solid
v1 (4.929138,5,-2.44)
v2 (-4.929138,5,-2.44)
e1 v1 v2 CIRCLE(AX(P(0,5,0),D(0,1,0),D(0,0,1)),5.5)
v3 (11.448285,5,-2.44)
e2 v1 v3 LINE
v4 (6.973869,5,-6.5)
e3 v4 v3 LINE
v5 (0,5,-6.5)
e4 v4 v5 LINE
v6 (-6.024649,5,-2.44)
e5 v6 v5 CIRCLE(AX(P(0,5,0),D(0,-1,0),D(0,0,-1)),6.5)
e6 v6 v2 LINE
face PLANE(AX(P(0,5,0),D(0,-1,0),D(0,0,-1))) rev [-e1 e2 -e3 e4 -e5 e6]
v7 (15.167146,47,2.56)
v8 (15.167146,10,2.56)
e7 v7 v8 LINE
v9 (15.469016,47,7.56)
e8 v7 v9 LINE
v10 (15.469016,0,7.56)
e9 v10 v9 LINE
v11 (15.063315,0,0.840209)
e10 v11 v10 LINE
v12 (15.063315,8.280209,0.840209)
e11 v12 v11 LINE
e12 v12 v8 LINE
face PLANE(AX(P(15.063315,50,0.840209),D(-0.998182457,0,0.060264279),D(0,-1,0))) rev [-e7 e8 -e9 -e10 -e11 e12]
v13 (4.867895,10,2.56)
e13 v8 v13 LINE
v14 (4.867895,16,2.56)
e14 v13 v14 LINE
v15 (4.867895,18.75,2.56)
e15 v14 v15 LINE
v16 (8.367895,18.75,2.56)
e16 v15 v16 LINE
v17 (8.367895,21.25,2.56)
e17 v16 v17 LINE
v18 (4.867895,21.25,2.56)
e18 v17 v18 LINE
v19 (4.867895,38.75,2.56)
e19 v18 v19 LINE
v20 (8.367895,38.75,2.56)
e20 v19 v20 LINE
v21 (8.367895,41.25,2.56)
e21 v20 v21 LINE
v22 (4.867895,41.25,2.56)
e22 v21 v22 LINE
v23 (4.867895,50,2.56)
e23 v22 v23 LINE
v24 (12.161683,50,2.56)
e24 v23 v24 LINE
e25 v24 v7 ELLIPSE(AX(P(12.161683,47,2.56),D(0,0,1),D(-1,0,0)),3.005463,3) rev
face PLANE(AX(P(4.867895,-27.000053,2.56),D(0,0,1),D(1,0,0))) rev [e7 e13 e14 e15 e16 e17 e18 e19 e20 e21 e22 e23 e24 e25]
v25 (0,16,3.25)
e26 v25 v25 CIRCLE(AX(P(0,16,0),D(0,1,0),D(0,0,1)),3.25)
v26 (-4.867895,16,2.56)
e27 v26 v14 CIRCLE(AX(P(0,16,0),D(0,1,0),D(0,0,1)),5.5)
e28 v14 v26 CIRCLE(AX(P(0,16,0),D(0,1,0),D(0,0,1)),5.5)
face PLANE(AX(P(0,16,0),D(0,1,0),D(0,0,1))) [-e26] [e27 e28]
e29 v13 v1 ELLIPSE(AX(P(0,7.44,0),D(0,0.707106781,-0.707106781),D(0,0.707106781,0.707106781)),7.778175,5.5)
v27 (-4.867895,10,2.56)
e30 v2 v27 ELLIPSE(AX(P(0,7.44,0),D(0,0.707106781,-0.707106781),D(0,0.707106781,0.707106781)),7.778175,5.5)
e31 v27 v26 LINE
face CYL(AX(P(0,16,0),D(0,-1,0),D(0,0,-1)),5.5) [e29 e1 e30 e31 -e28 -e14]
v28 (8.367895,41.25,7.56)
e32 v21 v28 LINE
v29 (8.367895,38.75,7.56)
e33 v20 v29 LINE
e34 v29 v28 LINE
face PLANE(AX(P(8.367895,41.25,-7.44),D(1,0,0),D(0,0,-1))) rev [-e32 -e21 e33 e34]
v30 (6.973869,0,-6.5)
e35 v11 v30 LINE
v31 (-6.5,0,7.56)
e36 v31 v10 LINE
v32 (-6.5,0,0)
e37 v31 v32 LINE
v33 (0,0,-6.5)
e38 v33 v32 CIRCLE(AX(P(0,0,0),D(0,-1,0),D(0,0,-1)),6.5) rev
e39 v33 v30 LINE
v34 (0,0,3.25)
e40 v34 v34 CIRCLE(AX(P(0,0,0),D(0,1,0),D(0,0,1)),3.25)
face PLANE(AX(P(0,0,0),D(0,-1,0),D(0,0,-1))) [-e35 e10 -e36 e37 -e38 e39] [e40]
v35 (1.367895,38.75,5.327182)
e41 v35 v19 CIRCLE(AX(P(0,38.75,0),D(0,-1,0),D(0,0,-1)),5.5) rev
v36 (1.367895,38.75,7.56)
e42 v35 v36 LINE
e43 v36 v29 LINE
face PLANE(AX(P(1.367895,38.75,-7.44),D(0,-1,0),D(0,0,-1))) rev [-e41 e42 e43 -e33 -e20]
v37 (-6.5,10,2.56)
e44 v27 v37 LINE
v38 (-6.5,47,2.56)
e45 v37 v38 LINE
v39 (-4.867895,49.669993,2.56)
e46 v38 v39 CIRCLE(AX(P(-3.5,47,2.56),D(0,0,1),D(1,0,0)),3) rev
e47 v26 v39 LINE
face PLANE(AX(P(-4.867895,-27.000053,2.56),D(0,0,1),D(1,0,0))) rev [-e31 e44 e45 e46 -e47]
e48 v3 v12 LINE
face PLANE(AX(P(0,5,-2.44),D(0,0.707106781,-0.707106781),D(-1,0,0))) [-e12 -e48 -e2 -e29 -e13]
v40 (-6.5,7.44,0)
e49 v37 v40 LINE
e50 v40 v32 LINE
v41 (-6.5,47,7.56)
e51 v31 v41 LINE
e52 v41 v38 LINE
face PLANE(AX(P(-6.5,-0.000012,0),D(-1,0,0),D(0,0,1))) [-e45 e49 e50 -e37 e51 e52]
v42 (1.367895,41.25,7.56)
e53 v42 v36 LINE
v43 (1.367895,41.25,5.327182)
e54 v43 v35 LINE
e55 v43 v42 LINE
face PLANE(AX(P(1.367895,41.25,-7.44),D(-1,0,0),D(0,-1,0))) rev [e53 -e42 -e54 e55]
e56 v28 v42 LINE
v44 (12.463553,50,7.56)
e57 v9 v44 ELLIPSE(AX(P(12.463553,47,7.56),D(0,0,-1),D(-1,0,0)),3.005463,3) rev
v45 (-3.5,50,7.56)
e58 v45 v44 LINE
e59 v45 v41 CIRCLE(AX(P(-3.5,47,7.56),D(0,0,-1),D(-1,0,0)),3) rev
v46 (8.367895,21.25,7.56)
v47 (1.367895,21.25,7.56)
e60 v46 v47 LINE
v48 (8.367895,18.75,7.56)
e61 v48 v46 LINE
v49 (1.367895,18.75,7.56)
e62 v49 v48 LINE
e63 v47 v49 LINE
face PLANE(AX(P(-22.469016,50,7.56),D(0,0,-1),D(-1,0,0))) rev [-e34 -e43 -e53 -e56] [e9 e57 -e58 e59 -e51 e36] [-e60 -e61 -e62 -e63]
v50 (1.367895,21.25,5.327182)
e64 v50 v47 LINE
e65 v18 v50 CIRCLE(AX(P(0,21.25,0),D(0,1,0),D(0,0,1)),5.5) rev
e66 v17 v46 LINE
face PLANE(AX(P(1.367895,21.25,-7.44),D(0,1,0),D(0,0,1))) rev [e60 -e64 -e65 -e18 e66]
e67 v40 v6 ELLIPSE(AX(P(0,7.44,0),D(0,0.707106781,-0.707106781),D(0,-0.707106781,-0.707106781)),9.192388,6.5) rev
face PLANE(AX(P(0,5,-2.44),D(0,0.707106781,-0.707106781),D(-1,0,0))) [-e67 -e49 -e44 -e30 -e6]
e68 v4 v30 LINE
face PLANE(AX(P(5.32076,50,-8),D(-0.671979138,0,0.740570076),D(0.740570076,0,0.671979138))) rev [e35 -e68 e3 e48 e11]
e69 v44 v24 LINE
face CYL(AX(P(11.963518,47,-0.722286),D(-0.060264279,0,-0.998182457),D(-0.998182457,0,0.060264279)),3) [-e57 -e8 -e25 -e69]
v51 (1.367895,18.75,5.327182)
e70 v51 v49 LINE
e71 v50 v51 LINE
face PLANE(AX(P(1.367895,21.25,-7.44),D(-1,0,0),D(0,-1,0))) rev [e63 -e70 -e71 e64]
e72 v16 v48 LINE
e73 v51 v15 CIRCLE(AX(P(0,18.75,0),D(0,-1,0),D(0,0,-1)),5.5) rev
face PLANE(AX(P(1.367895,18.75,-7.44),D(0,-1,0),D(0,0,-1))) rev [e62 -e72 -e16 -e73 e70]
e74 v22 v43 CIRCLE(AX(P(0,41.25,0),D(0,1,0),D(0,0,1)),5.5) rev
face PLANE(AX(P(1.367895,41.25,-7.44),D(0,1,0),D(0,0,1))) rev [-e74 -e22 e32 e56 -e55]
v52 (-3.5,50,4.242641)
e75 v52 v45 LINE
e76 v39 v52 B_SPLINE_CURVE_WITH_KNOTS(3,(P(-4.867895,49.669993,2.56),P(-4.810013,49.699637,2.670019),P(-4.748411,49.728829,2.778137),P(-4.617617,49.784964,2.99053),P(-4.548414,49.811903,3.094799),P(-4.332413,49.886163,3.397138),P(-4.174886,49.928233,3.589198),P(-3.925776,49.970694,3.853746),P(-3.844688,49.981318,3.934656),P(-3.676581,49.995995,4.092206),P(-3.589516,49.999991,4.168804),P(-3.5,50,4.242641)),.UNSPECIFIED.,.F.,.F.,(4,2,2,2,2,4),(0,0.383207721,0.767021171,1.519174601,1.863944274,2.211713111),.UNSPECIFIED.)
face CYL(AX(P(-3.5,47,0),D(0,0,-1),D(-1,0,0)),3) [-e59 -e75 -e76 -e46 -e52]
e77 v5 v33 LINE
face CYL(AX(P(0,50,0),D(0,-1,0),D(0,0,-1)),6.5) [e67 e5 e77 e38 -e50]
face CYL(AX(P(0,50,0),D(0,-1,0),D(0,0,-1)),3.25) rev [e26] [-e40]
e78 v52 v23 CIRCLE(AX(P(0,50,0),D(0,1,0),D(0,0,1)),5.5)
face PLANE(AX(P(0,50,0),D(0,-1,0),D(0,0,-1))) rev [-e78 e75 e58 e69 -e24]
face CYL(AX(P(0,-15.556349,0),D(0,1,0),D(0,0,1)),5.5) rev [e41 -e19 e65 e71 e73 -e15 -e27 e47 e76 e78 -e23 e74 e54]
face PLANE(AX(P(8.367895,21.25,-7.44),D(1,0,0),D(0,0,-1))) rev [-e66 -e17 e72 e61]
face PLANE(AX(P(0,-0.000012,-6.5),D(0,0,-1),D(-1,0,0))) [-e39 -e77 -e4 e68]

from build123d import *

# Parameters (mm, degrees)
SKETCH1_R               = 3.25
BOSS_EXTRUDE1_DEPTH     = 50
CHAMFER4_SIZE           = 7
CHAMFER4_SIZE2          = 10
SKETCH2_R               = 5.5
CUT_EXTRUDE1_DEPTH      = 45
CUT_EXTRUDE3_DEPTH      = 56.397262251
CUT_EXTRUDE3_DEPTH_BACK = 50
CUT_EXTRUDE4_DEPTH      = 45
CHAMFER5_SIZE           = 5
FILLET1_R               = 3
SKETCH6_R               = 5.5
SKETCH6_R_2             = 3.25
BOSS_EXTRUDE2_DEPTH     = 11
SKETCH9_W               = 7
SKETCH9_H               = 2.5
CUT_EXTRUDE5_DEPTH      = 15


with BuildPart() as part:
    # Sketch1 → Boss-Extrude1 (new body)
    with BuildSketch(Plane(origin=(0, 0, 0), x_dir=(1, 0, 0), z_dir=(0, 1, 0))):
        Polygon((-5.320759509, 8), (-22.469015665, -7.56), (22.469015665, -7.56), (5.320759509, 8), align=None)
        with Locations(Location((0, 0, 0), (0, 0, 270))):
            Circle(SKETCH1_R, mode=Mode.SUBTRACT)
    extrude(amount=BOSS_EXTRUDE1_DEPTH)

    # Chamfer4
    chamfer4_edges = [part.edges().sort_by_distance(p)[0] for p in [
        (22.469015665, 25, 7.56),
    ]]
    chamfer4_side = [part.faces().sort_by_distance(p)[0] for p in [
        (0, 25, 7.56),
    ]]
    chamfer(chamfer4_edges, length=CHAMFER4_SIZE, length2=CHAMFER4_SIZE2, reference=chamfer4_side[0])

    # Sketch2 → Cut-Extrude1 (cut)
    with BuildSketch(Plane(origin=(0, 50, 0), x_dir=(1, 0, 0), z_dir=(0, 1, 0))):
        with Locations(Location((0, 0, 0), (0, 0, 270))):
            Circle(SKETCH2_R)
    extrude(amount=-CUT_EXTRUDE1_DEPTH, mode=Mode.SUBTRACT)

    # Sketch4 → Cut-Extrude3 (cut, two sides: drawn at the far end of the back side and taken through both)
    with BuildSketch(Plane.XZ.offset(-CUT_EXTRUDE3_DEPTH_BACK)):
        with BuildLine():
            Line((-6.5, 0), (-6.5, 8.455296228))
            Line((-6.5, 8.455296228), (-18.092934759, 18.509530088))
            Line((-18.092934759, 18.509530088), (-27.843988074, 13.266508324))
            Line((-27.843988074, 13.266508324), (-26.239796982, -3.957148404))
            Line((-26.239796982, -3.957148404), (-22.051551969, -11.746511534))
            Line((-22.051551969, -11.746511534), (6.44529607, -11.904202977))
            Line((6.44529607, -11.904202977), (12.131507072, -6.5))
            Line((12.131507072, -6.5), (0, -6.5))
            ThreePointArc((0, -6.5), (-4.596194078, -4.596194078), (-6.5, 0))
        make_face()
    extrude(amount=CUT_EXTRUDE3_DEPTH + CUT_EXTRUDE3_DEPTH_BACK, mode=Mode.SUBTRACT)

    # Sketch5 → Cut-Extrude4 (cut)
    with BuildSketch(Plane(origin=(0, 50, 0), x_dir=(1, 0, 0), z_dir=(0, 1, 0))):
        Polygon((0, 0), (4.867894822, -2.56), (20.482845708, -2.56), (8.2569175, 8.380042473), (1.341376292, 8.380042473), (-9.589048862, 8.380042473), (-9.589048862, -2.56), (-4.867894822, -2.56), align=None)
    extrude(amount=-CUT_EXTRUDE4_DEPTH, mode=Mode.SUBTRACT)

    # Chamfer5
    chamfer5_edges = [part.edges().sort_by_distance(p)[0] for p in [
        (10.017520214, 5, 2.56),
        (-5.683947411, 5, 2.56),
    ]]
    chamfer(chamfer5_edges, length=CHAMFER5_SIZE)

    # Fillet1
    fillet1_edges = [part.edges().sort_by_distance(p)[0] for p in [
        (15.318080635, 50, 5.06),
        (-6.5, 50, 5.06),
    ]]
    fillet(fillet1_edges, radius=FILLET1_R)

    # Sketch6 → Boss-Extrude2 (add)
    with BuildSketch(Plane(origin=(0, 5, 0), x_dir=(1, 0, 0), z_dir=(0, 1, 0))):
        Circle(SKETCH6_R)
        with Locations(Location((0, 0, 0), (0, 0, 270))):
            Circle(SKETCH6_R_2, mode=Mode.SUBTRACT)
    extrude(amount=BOSS_EXTRUDE2_DEPTH)

    # Sketch9 → Cut-Extrude5 (cut)
    with BuildSketch(Plane.XY.offset(7.56)):
        with Locations((4.867894822, 40)):
            Rectangle(SKETCH9_W, SKETCH9_H)
        with Locations((4.867894822, 20)):
            Rectangle(SKETCH9_W, SKETCH9_H)
    extrude(amount=-CUT_EXTRUDE5_DEPTH, mode=Mode.SUBTRACT)


solid = part.part
